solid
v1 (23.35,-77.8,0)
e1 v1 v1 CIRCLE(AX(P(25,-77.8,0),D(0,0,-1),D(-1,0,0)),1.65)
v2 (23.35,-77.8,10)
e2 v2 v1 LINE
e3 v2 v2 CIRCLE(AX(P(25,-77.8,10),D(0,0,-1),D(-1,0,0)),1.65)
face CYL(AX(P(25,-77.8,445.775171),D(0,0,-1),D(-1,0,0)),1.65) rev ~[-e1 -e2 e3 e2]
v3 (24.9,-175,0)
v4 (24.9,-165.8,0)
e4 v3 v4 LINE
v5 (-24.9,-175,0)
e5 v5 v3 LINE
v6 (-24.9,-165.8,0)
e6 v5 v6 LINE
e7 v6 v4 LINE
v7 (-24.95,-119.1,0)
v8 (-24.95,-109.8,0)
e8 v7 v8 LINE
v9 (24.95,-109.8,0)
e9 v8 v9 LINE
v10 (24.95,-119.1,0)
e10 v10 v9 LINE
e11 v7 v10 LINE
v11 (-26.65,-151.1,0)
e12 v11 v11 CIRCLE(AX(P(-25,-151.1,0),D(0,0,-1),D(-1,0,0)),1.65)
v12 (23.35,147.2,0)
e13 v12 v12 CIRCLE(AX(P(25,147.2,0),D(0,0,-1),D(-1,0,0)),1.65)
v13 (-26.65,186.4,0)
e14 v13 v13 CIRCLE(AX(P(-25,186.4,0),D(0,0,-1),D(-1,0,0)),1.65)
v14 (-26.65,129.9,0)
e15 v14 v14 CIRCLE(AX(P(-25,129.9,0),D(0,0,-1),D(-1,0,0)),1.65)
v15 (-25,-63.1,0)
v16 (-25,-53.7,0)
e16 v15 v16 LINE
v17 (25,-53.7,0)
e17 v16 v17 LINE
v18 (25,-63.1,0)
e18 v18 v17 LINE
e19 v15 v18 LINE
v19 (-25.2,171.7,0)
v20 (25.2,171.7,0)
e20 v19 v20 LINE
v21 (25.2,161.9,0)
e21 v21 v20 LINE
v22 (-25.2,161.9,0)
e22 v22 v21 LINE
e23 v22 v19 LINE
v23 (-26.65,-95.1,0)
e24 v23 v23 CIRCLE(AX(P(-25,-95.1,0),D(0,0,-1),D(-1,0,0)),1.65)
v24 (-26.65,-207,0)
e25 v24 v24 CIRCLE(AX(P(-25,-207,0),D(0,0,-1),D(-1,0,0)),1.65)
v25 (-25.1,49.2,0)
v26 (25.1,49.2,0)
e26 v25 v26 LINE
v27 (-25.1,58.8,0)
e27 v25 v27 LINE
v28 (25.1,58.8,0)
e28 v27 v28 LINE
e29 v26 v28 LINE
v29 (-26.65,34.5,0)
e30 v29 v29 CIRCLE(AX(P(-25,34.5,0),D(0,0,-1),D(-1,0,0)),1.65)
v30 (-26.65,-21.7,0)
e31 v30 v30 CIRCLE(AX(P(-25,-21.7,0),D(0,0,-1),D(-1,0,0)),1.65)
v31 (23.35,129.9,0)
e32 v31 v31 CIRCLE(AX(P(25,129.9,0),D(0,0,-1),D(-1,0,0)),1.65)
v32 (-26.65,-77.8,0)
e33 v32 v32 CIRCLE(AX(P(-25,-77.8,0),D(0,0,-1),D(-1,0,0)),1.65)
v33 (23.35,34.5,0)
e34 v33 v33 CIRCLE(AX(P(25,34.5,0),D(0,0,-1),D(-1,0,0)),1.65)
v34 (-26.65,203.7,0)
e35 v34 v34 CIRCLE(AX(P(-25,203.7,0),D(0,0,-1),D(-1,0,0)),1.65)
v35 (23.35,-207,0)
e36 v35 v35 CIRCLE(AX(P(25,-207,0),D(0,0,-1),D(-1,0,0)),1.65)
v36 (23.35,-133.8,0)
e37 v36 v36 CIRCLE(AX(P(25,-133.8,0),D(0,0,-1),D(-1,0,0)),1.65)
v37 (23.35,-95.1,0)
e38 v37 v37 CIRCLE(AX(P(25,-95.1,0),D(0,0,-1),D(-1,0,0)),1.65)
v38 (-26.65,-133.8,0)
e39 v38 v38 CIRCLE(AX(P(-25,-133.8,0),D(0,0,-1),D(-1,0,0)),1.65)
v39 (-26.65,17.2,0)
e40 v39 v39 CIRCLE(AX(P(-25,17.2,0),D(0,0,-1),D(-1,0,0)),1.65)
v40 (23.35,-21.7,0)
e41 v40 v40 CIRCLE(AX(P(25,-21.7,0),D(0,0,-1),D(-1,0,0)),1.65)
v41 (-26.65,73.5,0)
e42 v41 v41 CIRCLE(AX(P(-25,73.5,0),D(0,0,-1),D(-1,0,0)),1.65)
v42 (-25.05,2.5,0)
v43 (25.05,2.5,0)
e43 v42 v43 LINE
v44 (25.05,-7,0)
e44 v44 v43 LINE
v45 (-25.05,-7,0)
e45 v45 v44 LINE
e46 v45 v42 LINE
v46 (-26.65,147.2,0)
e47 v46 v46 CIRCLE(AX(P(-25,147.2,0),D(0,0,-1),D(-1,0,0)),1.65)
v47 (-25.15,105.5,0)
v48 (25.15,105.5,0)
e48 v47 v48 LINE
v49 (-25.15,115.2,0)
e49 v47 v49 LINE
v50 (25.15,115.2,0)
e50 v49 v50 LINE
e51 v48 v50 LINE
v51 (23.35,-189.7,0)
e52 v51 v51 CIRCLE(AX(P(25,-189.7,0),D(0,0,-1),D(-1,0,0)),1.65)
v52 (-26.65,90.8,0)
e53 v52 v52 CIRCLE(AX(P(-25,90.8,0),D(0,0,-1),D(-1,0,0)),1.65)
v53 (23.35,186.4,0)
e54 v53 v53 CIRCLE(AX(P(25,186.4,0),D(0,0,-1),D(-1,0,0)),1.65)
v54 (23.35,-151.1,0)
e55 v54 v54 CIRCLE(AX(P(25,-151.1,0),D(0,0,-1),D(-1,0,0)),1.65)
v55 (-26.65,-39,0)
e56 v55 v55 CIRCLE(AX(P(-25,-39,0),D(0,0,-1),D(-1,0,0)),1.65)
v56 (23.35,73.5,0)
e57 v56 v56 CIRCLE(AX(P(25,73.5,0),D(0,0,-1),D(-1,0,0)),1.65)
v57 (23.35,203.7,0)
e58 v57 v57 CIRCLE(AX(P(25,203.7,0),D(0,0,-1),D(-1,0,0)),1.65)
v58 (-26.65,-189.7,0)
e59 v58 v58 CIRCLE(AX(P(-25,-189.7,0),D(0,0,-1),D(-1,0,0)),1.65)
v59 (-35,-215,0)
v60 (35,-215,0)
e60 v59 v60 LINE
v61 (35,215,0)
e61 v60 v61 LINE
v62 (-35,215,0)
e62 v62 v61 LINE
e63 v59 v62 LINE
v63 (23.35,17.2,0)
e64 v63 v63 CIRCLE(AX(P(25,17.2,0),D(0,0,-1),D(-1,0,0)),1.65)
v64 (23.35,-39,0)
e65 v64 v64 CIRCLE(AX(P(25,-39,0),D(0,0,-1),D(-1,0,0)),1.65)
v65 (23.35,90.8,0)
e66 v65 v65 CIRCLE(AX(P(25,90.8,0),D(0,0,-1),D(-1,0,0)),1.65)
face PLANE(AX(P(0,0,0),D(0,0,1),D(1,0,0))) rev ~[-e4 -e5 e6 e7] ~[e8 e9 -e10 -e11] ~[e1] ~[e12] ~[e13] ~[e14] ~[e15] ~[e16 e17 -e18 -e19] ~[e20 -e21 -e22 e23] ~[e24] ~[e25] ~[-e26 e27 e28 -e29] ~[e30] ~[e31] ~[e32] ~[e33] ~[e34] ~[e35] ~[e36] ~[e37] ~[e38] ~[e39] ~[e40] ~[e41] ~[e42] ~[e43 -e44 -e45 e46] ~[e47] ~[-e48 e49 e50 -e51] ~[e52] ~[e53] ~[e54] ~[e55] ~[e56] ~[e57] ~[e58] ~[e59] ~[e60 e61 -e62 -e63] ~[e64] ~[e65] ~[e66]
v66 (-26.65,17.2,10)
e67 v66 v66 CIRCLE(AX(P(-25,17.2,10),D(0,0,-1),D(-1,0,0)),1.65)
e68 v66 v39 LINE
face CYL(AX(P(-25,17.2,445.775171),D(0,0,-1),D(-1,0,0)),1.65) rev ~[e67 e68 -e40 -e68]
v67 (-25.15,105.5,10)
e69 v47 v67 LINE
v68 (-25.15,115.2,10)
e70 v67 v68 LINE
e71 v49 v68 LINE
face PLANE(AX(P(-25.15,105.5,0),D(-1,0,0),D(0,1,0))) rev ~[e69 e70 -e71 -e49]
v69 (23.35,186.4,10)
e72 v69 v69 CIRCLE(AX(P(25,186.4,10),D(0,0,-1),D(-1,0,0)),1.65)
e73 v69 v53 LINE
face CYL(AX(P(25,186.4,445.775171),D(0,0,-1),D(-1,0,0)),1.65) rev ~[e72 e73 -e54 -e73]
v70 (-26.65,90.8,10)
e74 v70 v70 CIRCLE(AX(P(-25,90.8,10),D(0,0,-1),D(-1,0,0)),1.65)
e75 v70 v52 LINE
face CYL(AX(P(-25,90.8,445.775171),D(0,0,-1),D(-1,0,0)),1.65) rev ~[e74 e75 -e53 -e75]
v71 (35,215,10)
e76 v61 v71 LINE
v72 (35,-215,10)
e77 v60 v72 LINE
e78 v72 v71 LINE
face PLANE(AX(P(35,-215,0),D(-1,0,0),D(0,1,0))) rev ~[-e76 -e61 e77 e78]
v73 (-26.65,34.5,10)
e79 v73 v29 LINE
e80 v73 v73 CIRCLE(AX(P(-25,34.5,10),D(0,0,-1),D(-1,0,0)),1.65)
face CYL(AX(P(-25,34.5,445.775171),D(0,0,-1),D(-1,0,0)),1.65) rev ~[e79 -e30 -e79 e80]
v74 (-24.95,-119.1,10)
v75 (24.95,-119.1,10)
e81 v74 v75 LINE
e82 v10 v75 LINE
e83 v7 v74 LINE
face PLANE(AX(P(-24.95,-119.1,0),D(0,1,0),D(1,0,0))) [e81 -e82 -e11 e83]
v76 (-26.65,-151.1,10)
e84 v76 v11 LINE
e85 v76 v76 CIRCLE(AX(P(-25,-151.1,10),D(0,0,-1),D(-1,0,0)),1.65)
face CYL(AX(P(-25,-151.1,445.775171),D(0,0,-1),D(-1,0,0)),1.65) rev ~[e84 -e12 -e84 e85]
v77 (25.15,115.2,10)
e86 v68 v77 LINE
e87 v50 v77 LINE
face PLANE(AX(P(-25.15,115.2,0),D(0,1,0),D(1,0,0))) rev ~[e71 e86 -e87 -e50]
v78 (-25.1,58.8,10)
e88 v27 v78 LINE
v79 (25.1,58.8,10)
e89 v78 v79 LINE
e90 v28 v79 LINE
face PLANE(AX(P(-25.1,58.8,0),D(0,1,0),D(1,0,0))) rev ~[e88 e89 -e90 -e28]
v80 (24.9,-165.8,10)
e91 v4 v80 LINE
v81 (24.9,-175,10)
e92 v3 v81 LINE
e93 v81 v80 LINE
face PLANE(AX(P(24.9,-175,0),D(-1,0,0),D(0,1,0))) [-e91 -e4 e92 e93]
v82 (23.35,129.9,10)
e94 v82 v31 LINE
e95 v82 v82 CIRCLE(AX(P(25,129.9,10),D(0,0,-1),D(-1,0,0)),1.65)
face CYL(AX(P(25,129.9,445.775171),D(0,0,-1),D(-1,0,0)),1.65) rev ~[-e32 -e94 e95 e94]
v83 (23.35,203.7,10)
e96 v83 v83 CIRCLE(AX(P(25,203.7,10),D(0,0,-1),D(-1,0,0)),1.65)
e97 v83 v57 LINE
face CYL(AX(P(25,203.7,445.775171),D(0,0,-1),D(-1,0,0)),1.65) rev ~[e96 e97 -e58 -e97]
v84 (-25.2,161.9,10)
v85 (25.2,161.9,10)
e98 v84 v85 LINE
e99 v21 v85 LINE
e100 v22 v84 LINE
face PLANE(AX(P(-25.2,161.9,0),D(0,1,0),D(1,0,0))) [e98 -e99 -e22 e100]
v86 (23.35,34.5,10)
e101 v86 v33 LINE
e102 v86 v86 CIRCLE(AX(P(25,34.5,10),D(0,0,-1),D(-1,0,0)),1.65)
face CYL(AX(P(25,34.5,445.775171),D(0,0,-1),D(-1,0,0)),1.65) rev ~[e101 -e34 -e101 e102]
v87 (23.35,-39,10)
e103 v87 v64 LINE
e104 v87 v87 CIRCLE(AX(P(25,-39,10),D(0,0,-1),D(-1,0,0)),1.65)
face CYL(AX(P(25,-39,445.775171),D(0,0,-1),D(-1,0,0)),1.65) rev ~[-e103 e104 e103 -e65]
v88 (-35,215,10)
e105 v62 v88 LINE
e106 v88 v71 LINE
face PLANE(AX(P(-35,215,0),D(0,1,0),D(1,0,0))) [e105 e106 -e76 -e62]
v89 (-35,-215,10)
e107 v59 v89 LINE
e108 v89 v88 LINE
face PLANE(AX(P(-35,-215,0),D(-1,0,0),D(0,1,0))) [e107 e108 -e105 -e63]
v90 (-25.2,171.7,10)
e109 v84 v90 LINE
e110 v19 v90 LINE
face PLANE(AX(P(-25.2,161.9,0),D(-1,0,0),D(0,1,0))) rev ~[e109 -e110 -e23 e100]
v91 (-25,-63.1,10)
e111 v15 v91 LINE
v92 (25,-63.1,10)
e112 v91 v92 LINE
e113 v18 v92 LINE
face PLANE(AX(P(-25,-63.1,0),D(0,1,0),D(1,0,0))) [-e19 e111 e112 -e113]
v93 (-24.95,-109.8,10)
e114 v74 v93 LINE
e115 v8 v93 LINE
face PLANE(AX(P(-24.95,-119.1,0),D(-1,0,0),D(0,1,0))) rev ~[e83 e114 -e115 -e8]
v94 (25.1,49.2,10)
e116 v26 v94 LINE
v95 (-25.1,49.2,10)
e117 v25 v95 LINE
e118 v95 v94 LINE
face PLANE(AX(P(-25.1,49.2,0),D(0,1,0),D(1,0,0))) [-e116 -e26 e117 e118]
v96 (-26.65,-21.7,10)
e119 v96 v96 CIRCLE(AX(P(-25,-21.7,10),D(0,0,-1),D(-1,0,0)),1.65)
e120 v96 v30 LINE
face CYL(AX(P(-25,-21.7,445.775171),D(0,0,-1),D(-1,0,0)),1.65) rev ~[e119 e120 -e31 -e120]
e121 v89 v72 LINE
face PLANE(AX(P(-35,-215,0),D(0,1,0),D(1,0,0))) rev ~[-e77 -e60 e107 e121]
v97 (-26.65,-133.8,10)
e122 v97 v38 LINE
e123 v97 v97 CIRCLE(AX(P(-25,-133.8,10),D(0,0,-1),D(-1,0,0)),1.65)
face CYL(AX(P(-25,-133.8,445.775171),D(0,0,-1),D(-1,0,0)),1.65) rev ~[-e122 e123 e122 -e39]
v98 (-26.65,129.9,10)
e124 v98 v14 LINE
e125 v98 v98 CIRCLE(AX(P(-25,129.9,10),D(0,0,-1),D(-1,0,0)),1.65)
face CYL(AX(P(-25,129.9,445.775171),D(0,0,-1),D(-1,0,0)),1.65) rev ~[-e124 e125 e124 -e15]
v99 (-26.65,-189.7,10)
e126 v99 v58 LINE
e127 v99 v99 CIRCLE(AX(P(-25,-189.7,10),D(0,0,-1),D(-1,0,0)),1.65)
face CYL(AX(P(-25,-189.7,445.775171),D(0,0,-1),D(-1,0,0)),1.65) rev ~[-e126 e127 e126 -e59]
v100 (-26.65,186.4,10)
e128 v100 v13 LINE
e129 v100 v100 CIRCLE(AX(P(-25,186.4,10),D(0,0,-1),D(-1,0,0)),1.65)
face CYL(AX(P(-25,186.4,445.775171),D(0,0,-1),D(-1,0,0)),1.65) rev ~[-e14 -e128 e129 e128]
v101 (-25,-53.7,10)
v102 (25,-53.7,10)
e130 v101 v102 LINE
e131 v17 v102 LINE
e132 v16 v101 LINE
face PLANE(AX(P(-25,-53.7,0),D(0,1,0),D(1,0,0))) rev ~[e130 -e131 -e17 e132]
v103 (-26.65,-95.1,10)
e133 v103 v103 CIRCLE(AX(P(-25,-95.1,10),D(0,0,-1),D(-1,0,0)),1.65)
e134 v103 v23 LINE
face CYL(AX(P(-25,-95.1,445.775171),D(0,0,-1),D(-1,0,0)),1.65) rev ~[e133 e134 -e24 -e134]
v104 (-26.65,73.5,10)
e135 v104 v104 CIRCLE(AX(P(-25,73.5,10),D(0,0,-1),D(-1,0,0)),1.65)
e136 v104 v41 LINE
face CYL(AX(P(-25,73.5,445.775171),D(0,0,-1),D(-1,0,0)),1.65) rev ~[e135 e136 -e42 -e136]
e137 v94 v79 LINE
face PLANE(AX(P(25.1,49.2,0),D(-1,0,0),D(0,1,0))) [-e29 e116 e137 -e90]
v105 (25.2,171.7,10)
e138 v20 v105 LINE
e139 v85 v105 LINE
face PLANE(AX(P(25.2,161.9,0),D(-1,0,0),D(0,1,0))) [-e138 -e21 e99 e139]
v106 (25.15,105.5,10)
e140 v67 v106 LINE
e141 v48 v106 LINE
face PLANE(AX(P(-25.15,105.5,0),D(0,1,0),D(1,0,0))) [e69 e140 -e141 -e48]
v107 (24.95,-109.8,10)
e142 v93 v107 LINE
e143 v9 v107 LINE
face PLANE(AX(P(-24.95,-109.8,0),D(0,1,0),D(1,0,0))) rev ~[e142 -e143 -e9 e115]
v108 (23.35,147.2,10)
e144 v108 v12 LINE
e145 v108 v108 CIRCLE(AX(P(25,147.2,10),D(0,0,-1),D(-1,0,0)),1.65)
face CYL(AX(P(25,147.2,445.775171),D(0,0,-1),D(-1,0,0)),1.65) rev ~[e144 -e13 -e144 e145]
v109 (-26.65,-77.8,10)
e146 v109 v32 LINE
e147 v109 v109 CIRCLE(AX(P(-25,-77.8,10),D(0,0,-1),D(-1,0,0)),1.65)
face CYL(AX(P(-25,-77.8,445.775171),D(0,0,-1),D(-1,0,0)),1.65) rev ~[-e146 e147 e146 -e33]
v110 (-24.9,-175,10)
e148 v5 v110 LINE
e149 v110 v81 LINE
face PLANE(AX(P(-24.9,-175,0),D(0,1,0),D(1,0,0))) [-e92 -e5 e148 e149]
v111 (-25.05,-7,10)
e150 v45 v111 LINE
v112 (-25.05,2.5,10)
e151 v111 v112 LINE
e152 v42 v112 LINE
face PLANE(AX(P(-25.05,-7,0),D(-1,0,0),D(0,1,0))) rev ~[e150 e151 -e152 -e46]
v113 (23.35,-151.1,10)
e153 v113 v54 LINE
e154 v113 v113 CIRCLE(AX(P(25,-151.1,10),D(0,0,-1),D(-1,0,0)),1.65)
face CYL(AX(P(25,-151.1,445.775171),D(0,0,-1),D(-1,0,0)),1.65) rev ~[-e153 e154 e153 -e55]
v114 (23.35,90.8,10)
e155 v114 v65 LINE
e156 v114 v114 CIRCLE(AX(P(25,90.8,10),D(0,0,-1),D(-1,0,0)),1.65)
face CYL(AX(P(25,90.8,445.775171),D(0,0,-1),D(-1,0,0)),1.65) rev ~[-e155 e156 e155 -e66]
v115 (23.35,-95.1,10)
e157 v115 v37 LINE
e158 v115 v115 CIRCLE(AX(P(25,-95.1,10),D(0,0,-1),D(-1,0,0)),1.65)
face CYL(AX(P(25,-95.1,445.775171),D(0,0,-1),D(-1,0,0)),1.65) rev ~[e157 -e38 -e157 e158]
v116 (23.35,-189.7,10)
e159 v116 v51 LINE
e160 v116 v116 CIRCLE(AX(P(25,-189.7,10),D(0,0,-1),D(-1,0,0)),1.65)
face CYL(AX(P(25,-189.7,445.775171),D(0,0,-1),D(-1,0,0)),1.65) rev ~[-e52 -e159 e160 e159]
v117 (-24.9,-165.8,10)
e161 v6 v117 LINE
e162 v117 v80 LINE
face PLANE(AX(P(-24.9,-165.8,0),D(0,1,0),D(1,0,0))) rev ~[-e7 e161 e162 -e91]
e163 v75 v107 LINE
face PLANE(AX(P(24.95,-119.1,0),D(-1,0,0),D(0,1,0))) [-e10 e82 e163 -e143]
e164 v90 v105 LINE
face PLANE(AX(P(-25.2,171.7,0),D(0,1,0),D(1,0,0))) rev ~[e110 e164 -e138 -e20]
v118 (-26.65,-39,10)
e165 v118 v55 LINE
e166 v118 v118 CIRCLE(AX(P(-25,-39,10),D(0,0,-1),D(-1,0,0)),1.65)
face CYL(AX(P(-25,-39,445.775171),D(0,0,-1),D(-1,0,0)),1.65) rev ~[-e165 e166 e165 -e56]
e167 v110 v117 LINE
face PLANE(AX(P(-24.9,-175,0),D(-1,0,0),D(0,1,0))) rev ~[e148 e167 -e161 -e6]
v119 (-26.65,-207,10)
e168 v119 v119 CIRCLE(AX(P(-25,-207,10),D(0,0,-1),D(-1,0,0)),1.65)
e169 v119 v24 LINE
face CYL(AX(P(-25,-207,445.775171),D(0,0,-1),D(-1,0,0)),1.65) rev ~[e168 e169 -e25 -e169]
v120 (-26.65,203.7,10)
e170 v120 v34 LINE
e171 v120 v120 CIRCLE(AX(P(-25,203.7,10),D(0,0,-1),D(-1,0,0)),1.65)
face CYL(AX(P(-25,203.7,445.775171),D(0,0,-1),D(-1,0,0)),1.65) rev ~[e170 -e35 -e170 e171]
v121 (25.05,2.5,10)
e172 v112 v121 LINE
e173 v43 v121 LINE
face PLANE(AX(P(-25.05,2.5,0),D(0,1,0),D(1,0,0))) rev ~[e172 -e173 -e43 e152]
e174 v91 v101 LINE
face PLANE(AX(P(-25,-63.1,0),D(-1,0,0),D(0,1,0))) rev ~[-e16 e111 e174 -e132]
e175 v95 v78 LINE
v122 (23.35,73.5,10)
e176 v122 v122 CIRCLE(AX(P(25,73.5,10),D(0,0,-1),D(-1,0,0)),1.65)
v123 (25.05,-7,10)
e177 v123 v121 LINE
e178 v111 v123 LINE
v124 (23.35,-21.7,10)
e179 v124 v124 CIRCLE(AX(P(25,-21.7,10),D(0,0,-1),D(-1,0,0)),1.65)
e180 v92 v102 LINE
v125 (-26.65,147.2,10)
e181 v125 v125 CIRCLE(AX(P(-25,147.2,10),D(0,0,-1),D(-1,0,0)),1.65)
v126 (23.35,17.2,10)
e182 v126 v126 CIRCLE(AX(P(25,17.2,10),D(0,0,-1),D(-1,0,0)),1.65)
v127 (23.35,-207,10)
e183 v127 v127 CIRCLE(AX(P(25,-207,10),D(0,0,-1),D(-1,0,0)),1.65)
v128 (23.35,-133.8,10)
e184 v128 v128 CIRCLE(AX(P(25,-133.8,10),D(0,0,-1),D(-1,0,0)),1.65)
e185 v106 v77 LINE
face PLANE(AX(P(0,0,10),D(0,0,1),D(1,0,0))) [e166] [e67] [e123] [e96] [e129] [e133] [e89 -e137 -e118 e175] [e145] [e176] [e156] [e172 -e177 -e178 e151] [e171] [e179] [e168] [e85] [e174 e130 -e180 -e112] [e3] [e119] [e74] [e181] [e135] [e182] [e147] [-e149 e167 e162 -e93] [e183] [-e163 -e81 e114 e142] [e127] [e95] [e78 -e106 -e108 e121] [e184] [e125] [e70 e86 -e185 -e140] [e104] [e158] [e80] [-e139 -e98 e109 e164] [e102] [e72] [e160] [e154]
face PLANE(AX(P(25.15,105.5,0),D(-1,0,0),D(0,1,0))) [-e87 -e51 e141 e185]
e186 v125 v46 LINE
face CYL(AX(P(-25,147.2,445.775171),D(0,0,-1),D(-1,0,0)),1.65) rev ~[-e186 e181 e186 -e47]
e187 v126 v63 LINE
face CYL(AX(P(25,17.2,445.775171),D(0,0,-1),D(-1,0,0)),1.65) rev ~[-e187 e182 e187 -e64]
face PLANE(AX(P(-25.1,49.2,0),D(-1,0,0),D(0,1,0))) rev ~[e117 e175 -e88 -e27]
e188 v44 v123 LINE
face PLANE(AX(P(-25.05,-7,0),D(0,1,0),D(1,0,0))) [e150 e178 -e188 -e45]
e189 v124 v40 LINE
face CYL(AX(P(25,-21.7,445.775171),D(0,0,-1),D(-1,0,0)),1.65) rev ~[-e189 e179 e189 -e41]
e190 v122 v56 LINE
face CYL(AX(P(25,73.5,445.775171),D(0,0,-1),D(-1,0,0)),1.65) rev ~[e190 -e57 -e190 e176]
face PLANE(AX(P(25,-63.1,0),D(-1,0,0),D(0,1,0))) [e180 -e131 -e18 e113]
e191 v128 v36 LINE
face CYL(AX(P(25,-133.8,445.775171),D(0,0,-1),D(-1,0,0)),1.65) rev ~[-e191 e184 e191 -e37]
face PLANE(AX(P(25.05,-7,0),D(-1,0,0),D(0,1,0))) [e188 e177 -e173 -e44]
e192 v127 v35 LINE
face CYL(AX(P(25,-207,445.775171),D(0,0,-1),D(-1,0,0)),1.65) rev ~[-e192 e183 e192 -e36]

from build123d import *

# Parameters (mm, degrees)
SKETCH1_W           = 70
SKETCH1_H           = 430
SKETCH1_W_2         = 50.4
SKETCH1_H_2         = 9.8
SKETCH1_W_3         = 49.8
SKETCH1_H_3         = 9.2
SKETCH1_W_4         = 49.9
SKETCH1_H_4         = 9.3
SKETCH1_W_5         = 50
SKETCH1_H_5         = 9.4
SKETCH1_W_6         = 50.1
SKETCH1_H_6         = 9.5
SKETCH1_W_7         = 50.2
SKETCH1_H_7         = 9.6
SKETCH1_W_8         = 50.3
SKETCH1_H_8         = 9.7
BOSS_EXTRUDE1_DEPTH = 10
M4_TAPPED_HOLE1_D   = 3.3


with BuildPart() as part:
    # Sketch1 → Boss-Extrude1 (new body)
    with BuildSketch(Plane.XY):
        Rectangle(SKETCH1_W, SKETCH1_H)
        with Locations((0, 166.8)):
            Rectangle(SKETCH1_W_2, SKETCH1_H_2, mode=Mode.SUBTRACT)
        with Locations((0, -170.4)):
            Rectangle(SKETCH1_W_3, SKETCH1_H_3, mode=Mode.SUBTRACT)
        with Locations((0, -114.45)):
            Rectangle(SKETCH1_W_4, SKETCH1_H_4, mode=Mode.SUBTRACT)
        with Locations((0, -58.4)):
            Rectangle(SKETCH1_W_5, SKETCH1_H_5, mode=Mode.SUBTRACT)
        with Locations((0, -2.25)):
            Rectangle(SKETCH1_W_6, SKETCH1_H_6, mode=Mode.SUBTRACT)
        with Locations((0, 54)):
            Rectangle(SKETCH1_W_7, SKETCH1_H_7, mode=Mode.SUBTRACT)
        with Locations((0, 110.35)):
            Rectangle(SKETCH1_W_8, SKETCH1_H_8, mode=Mode.SUBTRACT)
    extrude(amount=BOSS_EXTRUDE1_DEPTH)

    # M4 Tapped Hole1 (through all)
    with Locations(Plane.XY.offset(10)):
        with Locations((-25, -189.7), (25, -189.7), (25, -207), (-25, -207), (-25, -133.8), (25, -133.8), (25, -151.1), (-25, -151.1), (-25, -77.8), (25, -77.8), (25, -95.1), (-25, -95.1), (-25, -21.7), (25, -21.7), (25, -39), (-25, -39), (-25, 34.5), (25, 34.5), (25, 17.2), (-25, 17.2), (-25, 90.8), (25, 90.8), (25, 73.5), (-25, 73.5), (-25, 147.2), (25, 147.2), (25, 129.9), (-25, 129.9), (-25, 203.7), (25, 203.7), (25, 186.4), (-25, 186.4)):
            Hole(M4_TAPPED_HOLE1_D / 2)


solid = part.part
